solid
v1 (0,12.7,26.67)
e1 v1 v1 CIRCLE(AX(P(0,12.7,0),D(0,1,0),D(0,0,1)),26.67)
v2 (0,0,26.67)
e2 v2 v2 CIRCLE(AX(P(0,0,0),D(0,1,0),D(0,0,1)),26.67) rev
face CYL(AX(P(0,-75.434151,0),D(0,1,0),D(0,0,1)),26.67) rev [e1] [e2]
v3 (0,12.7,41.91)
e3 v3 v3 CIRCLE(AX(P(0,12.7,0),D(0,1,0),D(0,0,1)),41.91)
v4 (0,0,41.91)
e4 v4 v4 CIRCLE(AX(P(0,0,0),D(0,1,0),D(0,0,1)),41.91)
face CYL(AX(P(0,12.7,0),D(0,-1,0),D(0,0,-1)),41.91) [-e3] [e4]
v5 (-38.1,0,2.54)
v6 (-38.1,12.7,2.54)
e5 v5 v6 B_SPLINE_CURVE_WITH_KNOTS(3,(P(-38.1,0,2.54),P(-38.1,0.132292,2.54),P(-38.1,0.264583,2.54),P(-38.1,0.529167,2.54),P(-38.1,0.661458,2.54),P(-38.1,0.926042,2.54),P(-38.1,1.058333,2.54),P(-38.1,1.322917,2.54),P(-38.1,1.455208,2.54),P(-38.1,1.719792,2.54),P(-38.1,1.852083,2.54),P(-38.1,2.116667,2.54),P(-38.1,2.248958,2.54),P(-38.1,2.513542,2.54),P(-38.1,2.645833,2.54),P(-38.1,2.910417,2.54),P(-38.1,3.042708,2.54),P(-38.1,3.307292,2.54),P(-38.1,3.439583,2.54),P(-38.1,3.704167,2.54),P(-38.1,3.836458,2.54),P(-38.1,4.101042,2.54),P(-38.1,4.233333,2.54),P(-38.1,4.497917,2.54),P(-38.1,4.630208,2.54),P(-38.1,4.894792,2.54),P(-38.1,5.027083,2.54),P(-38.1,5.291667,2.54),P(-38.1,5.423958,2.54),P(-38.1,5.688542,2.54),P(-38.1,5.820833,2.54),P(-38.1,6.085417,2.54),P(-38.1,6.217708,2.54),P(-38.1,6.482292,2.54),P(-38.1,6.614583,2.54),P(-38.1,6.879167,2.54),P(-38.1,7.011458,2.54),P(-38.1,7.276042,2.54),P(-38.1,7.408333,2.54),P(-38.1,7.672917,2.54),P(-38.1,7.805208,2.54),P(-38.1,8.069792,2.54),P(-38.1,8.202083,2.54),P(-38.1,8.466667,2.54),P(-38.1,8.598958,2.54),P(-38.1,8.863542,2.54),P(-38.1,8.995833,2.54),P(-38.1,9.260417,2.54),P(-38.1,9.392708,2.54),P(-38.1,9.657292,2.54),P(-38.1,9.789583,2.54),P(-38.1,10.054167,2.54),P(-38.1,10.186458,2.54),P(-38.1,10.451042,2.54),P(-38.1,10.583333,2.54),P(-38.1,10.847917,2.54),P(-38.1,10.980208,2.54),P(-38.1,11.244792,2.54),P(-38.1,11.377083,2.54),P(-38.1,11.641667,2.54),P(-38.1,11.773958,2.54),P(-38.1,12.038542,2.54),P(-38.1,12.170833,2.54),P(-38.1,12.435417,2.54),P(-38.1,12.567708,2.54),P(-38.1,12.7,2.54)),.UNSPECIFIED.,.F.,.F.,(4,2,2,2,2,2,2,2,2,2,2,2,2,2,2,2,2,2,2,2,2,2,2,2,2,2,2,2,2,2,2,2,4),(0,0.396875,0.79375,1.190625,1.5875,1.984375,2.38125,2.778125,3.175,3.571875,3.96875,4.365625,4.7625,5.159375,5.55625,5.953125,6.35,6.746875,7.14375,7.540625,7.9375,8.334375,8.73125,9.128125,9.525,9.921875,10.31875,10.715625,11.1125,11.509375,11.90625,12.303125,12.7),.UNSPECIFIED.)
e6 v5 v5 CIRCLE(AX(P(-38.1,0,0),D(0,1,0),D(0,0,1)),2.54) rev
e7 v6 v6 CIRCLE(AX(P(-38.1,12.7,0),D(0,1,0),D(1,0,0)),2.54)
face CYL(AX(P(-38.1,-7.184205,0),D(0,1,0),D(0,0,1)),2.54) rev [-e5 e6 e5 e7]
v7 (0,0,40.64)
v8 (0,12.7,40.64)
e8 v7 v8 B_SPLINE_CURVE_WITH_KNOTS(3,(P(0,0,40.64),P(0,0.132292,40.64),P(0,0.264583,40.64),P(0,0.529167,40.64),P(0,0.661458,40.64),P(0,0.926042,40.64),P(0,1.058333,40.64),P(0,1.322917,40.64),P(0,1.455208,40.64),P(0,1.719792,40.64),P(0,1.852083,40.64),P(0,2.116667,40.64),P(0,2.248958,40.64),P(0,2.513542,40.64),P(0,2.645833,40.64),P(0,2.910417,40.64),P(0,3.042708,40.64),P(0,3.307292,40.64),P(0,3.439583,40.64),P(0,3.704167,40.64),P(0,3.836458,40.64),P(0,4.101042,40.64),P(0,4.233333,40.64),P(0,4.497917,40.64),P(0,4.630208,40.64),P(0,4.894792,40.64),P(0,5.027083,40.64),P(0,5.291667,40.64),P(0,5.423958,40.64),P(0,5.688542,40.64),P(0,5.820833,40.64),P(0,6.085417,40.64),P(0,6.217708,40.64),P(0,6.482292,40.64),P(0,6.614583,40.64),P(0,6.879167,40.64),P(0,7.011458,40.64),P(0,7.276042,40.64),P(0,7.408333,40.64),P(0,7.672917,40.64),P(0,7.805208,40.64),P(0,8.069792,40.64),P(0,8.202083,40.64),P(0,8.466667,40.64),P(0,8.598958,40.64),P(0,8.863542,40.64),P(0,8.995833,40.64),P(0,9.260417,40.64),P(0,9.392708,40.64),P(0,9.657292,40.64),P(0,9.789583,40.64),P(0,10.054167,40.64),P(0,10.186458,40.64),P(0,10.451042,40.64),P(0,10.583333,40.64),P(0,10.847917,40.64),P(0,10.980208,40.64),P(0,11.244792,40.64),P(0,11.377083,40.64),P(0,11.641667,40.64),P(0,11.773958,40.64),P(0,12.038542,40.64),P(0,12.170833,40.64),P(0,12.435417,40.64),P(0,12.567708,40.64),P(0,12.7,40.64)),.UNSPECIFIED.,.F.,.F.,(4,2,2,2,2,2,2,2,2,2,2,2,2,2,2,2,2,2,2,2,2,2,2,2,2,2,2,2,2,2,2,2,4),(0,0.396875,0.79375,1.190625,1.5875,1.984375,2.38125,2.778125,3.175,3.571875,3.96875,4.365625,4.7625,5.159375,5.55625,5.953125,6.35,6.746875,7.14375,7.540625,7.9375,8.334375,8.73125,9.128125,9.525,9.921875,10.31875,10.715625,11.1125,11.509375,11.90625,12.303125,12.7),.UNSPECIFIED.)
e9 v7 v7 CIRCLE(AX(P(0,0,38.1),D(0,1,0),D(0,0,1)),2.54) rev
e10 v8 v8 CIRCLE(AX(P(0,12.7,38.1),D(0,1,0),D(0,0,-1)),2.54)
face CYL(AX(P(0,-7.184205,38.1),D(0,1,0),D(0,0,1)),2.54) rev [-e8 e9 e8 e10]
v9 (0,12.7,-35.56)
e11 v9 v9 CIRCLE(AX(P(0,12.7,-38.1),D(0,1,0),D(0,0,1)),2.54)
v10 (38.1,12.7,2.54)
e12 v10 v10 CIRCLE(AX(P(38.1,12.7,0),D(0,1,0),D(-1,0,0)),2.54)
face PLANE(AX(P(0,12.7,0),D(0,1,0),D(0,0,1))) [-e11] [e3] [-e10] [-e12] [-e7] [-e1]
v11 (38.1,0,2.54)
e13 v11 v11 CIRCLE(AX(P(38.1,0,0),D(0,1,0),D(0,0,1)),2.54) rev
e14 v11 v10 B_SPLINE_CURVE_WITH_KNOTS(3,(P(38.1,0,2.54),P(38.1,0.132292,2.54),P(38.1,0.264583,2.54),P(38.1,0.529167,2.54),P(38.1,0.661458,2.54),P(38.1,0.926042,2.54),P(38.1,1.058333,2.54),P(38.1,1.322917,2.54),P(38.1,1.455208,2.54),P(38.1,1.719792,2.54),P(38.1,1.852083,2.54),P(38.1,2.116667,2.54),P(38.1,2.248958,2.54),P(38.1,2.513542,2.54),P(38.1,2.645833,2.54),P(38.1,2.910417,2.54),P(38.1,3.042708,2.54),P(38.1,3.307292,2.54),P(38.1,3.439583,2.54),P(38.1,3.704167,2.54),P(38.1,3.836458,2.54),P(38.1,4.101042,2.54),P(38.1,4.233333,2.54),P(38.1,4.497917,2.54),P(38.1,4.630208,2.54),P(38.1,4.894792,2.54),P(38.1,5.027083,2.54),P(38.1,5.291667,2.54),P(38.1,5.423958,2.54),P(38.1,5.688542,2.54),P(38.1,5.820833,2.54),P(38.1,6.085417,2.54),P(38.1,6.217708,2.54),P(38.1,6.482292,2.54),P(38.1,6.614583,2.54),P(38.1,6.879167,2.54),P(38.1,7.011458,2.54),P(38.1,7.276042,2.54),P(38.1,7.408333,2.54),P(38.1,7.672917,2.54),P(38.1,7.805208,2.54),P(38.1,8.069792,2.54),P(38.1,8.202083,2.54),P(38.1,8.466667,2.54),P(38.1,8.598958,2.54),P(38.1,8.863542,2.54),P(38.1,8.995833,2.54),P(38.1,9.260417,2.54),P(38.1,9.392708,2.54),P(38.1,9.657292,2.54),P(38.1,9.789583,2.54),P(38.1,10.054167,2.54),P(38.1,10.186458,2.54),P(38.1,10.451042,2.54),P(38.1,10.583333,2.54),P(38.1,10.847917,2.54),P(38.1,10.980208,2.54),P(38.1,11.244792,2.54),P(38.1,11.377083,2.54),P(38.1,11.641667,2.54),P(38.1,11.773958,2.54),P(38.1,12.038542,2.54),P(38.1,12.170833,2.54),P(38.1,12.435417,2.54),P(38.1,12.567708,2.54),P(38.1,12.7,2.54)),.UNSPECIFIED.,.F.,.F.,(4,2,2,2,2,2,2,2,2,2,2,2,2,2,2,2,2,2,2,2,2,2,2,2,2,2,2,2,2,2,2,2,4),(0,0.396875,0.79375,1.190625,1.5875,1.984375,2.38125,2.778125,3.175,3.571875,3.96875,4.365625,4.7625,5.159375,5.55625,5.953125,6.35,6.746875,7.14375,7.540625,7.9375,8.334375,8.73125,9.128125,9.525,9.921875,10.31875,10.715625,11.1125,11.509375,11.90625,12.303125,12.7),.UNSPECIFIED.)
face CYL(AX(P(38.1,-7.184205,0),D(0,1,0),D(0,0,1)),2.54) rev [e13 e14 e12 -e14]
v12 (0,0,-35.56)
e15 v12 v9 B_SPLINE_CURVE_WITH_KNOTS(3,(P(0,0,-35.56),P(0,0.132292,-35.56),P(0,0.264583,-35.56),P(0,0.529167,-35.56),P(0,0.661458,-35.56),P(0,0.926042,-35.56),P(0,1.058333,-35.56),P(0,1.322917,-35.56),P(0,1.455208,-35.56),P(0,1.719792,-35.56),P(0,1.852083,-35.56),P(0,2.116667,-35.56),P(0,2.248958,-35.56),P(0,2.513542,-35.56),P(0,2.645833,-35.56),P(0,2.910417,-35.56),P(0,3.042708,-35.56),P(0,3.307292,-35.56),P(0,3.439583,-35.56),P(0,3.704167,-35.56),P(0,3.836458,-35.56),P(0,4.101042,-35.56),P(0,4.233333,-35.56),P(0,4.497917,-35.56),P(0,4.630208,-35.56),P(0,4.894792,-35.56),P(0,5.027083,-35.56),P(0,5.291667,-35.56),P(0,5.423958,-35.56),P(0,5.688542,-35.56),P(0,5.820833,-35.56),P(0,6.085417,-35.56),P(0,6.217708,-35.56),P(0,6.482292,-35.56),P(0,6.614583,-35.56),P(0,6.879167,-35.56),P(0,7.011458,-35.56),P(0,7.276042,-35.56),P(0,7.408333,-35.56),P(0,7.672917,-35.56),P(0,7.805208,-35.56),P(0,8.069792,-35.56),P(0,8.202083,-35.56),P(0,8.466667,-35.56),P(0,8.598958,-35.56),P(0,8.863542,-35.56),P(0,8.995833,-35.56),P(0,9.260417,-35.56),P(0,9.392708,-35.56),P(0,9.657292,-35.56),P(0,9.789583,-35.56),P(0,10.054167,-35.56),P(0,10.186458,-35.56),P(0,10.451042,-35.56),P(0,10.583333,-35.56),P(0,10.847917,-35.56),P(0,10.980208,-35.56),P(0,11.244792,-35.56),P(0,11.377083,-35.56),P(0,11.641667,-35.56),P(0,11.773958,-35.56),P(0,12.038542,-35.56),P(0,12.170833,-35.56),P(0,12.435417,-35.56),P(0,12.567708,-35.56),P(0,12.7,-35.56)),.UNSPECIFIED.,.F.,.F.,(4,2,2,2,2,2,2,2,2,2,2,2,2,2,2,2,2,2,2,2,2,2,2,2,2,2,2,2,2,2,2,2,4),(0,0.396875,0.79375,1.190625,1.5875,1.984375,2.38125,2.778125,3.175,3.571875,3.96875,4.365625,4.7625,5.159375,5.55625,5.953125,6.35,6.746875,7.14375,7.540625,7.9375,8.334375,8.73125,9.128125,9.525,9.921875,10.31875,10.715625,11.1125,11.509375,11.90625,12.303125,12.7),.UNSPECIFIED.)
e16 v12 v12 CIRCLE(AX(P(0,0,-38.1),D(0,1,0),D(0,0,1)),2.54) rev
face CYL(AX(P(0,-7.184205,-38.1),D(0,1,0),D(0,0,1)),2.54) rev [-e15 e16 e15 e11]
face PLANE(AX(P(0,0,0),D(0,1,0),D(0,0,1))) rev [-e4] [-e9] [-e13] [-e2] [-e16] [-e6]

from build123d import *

# Parameters (mm, degrees)
SKETCH1_R           = 41.91
BOSS_EXTRUDE1_DEPTH = 12.7
SKETCH2_R           = 13.97
CUT_EXTRUDE1_DEPTH  = 12.7
SKETCH2_3_R         = 26.67
SKETCH2_3_R_2       = 13.97
CUT_EXTRUDE2_DEPTH  = 12.7
SCALE1_SCALE        = 2
SCALE2_SCALE        = 0.5
SKETCH3_R           = 2.54
CUT_EXTRUDE3_DEPTH  = 12.7
CIRPATTERN1_COUNT   = 4


with BuildPart() as part:
    # Sketch1 → Boss-Extrude1 (new body)
    with BuildSketch(Plane(origin=(0, 0, 0), x_dir=(1, 0, 0), z_dir=(0, 1, 0))):
        with Locations(Location((0, 0, 0), (0, 0, 270))):
            Circle(SKETCH1_R)
    extrude(amount=BOSS_EXTRUDE1_DEPTH)

    # Sketch2 → Cut-Extrude1 (cut)
    with BuildSketch(Plane(origin=(0, 12.7, 0), x_dir=(1, 0, 0), z_dir=(0, 1, 0))):
        with Locations(Location((0, 0, 0), (0, 0, 270))):
            Circle(SKETCH2_R)
    extrude(amount=-CUT_EXTRUDE1_DEPTH, mode=Mode.SUBTRACT)

    # Sketch2<3> → Cut-Extrude2 (cut)
    with BuildSketch(Plane(origin=(0, 12.7, 0), x_dir=(1, 0, 0), z_dir=(0, 1, 0))):
        with Locations(Location((0, 0, 0), (0, 0, 270))):
            Circle(SKETCH2_3_R)
        Circle(SKETCH2_3_R_2, mode=Mode.SUBTRACT)
    extrude(amount=-CUT_EXTRUDE2_DEPTH, mode=Mode.SUBTRACT)


with BuildPart() as part_1:
    # Scale1: scaled about (0, 6.35, 0)
    add(part.part.scale(SCALE1_SCALE).moved(Location((0, -6.35, 0))))


with BuildPart() as part_2:
    # Scale2: scaled about (0, 6.35, 0)
    add(part_1.part.scale(SCALE2_SCALE).moved(Location((0, 3.175, 0))))

    # Sketch3 → Cut-Extrude3 (cut)
    with BuildSketch(Plane(origin=(0, 12.7, 0), x_dir=(1, 0, 0), z_dir=(0, 1, 0))):
        with Locations(Location((0, 38.1, 0), (0, 0, 270))):
            Circle(SKETCH3_R)
    cut_extrude3 = extrude(amount=-CUT_EXTRUDE3_DEPTH, mode=Mode.SUBTRACT)

    # CirPattern1: Cut-Extrude3 ×4 about axis
    cirpattern1_axis = Axis((0, 0, 0), (0, 1, 0))
    for i in range(1, CIRPATTERN1_COUNT):
        add(cut_extrude3.rotate(cirpattern1_axis, i * 360 / CIRPATTERN1_COUNT), mode=Mode.SUBTRACT)


solid = part_2.part
